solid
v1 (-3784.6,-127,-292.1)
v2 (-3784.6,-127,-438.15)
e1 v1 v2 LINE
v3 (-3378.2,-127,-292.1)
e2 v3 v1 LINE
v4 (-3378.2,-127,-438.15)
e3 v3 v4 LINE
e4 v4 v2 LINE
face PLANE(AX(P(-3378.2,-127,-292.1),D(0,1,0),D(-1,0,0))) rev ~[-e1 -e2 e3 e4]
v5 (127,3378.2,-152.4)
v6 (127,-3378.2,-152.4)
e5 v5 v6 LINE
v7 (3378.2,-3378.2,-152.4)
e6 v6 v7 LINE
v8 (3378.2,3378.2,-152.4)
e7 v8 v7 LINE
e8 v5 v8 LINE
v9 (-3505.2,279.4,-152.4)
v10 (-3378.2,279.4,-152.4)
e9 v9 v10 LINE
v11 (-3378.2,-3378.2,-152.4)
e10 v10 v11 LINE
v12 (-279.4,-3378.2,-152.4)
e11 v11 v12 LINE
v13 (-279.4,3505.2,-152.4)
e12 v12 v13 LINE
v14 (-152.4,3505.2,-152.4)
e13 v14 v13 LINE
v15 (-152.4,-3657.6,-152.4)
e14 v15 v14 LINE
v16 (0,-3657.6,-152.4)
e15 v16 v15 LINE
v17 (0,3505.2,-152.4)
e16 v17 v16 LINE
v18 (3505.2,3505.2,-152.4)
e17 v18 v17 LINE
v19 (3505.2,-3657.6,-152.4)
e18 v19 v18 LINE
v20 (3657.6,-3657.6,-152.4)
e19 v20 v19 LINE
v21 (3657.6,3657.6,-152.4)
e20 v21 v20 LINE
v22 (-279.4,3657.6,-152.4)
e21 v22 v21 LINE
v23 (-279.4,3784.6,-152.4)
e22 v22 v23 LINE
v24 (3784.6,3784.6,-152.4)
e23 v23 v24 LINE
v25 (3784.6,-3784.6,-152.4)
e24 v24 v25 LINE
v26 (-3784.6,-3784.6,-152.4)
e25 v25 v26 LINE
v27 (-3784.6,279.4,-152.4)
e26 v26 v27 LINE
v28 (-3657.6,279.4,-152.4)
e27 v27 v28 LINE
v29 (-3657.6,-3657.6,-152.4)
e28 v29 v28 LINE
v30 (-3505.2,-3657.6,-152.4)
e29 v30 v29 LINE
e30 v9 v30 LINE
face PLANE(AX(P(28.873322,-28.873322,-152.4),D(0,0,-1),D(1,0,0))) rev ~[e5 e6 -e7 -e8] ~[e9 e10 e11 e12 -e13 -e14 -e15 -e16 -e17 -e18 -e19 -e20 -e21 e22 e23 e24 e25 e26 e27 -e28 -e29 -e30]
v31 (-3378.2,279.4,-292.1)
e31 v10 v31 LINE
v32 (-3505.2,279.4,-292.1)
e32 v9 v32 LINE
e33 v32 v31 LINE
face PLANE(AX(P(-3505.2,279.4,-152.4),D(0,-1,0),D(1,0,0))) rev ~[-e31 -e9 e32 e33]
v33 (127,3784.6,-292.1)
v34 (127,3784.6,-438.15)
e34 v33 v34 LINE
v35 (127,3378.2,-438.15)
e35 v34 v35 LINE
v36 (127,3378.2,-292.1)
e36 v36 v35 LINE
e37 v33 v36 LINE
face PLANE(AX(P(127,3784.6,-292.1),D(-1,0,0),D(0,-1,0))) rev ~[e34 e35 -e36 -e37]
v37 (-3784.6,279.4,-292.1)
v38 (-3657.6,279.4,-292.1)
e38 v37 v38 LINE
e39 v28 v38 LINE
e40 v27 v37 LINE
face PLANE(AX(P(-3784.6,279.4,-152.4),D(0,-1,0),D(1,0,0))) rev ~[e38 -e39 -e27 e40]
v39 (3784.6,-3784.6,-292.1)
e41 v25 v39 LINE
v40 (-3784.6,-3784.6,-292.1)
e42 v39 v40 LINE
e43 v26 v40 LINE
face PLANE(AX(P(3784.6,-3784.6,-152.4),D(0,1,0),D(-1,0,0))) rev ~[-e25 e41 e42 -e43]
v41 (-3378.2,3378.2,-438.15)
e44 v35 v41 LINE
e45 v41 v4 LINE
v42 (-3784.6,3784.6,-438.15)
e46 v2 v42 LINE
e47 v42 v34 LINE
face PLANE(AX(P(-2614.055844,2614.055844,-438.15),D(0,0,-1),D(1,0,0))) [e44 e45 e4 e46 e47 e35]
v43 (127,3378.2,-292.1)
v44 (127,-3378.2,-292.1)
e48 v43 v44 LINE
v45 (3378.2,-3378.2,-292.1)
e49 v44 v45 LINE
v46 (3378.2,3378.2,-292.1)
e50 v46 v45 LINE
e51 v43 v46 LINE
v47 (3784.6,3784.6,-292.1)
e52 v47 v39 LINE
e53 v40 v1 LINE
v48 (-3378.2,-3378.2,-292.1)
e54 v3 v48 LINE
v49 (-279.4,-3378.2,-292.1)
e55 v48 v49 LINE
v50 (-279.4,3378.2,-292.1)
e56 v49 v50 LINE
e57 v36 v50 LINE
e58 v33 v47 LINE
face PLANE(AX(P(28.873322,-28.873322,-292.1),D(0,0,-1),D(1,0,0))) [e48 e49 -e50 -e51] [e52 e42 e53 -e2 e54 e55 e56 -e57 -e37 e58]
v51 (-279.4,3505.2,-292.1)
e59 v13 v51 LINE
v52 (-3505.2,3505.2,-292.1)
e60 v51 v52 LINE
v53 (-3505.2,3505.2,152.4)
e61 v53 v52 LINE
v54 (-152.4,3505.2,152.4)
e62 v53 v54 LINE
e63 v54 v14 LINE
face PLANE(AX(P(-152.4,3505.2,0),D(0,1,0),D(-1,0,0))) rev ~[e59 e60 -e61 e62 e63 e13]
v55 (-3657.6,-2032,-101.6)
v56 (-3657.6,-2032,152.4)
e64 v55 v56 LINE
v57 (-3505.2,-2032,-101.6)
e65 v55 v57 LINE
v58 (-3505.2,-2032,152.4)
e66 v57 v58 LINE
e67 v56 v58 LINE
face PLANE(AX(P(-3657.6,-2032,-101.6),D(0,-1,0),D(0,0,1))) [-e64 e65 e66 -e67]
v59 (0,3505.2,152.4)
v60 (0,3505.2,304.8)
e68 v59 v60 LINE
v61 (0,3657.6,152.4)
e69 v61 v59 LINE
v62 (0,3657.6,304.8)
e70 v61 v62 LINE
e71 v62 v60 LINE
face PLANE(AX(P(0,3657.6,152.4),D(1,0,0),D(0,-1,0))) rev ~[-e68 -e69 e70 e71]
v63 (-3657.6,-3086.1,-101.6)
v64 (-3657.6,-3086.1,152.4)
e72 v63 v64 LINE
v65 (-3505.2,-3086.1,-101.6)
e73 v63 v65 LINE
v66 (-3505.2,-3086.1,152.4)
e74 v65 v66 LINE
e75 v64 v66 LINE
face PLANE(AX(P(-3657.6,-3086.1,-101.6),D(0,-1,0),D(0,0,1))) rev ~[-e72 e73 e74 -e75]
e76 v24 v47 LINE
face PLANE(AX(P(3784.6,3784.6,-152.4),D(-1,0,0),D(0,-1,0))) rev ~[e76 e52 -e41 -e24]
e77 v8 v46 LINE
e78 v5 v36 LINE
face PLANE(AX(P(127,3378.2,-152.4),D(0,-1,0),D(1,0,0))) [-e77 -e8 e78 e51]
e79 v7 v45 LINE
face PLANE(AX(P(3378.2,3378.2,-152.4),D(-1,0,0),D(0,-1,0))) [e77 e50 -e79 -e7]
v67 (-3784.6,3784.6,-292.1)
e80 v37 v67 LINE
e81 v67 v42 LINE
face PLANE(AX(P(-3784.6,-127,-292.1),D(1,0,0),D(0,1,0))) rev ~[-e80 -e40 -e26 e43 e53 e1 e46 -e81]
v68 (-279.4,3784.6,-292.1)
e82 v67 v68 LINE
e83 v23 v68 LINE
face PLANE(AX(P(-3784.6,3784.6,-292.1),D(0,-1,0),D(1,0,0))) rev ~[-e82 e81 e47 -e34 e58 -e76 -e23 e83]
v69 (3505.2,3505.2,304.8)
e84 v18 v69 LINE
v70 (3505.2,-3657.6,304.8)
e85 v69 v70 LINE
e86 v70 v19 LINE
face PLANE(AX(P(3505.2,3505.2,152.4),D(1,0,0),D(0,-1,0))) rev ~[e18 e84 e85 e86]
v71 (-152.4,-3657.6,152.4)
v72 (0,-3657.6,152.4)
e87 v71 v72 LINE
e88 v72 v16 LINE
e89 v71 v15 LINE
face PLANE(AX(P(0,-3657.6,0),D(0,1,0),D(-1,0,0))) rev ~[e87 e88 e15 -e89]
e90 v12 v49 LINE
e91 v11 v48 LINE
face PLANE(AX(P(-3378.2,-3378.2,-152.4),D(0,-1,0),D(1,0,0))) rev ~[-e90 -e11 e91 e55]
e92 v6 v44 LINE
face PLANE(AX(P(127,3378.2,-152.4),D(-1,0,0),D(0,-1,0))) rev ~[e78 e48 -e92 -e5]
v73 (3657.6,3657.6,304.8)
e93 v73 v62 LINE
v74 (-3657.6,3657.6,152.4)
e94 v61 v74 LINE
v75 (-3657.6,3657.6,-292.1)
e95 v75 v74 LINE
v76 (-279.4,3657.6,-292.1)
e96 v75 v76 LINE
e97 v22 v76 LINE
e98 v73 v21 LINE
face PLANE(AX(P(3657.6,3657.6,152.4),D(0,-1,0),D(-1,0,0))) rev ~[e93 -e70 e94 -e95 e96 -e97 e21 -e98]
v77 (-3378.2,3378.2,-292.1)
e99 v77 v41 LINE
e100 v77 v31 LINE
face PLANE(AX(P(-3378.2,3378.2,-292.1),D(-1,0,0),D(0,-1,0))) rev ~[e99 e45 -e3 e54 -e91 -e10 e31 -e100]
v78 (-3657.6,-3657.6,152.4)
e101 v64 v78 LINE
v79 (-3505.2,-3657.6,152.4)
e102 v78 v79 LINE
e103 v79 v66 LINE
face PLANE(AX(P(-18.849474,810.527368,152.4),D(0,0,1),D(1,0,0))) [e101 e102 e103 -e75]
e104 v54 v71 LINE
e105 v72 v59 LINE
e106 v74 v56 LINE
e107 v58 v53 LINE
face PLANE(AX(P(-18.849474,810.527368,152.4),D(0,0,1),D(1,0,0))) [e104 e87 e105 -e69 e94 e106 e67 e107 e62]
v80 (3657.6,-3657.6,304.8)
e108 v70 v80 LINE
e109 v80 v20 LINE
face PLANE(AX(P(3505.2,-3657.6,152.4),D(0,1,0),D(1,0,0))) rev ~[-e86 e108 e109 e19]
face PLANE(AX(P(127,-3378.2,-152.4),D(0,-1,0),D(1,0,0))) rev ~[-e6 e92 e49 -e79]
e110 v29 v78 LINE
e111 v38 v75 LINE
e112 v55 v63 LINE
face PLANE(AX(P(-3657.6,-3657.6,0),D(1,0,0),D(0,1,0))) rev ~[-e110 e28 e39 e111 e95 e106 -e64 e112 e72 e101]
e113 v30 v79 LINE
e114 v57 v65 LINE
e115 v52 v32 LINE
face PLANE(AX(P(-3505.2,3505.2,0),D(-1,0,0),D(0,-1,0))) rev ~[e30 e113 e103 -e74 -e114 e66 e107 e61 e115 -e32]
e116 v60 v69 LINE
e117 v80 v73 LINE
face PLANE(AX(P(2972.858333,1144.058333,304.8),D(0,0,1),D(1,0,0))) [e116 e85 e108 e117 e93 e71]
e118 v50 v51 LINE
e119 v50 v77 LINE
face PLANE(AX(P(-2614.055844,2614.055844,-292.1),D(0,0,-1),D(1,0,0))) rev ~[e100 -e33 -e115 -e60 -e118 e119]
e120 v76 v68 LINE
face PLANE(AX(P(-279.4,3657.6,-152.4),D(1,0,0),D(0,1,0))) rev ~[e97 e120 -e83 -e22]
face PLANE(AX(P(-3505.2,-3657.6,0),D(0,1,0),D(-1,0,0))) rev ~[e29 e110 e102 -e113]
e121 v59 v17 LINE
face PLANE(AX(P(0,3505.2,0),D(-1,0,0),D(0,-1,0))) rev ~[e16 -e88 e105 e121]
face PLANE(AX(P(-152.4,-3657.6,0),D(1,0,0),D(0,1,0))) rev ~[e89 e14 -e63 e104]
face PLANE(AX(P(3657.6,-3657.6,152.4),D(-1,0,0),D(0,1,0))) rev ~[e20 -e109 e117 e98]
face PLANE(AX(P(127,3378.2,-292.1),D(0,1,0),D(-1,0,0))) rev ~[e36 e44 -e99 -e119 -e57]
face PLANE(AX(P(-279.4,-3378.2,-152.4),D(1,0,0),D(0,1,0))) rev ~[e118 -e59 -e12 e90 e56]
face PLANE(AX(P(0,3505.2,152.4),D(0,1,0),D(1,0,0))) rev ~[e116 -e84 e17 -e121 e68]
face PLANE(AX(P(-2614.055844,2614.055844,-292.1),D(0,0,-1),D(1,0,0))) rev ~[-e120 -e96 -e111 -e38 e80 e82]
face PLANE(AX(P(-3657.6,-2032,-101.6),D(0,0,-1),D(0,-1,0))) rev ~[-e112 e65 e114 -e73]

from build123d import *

# Parameters (mm, degrees)
F1_DEPTH  = 152.4
F2_DEPTH  = 152.4
F3_W      = 3251.2
F3_H      = 6756.4
F4_DEPTH  = 139.7
F7_DEPTH  = 146.05
F8_DEPTH  = 152.4
F12_W     = 1054.1
F12_H     = 254
F13_DEPTH = 284.48


with BuildPart() as f1:
    # F0 (on Top) → F1 (new body)
    with BuildSketch(Plane.XY):
        Polygon((3657.6, 3657.6), (-3657.6, 3657.6), (-3657.6, -3657.6), (-3505.2, -3657.6), (-3505.2, 3505.2), (-152.4, 3505.2), (-152.4, -3657.6), (0, -3657.6), (0, 3505.2), (3505.2, 3505.2), (3505.2, -3657.6), (3657.6, -3657.6), align=None)
    extrude(amount=F1_DEPTH)

    # F1_face (on face) → F2 (join)
    with BuildSketch(Plane(origin=(-18.949206, 852.714286, 0), x_dir=(1, 0, 0), z_dir=(0, 0, -1))):
        Polygon((-3638.650794, -2804.885714), (3676.549206, -2804.885714), (3676.549206, 4510.314286), (3524.149206, 4510.314286), (3524.149206, -2652.485714), (18.949206, -2652.485714), (18.949206, 4510.314286), (-133.450794, 4510.314286), (-133.450794, -2652.485714), (-3486.250794, -2652.485714), (-3486.250794, 4510.314286), (-3638.650794, 4510.314286), align=None)
    extrude(amount=F2_DEPTH)

    # F3 (on face) → F4 (join)
    with BuildSketch(Plane(origin=(0, 0, -152.4), x_dir=(1, 0, 0), z_dir=(0, 0, -1))):
        Polygon((3784.6, 3784.6), (-3784.6, 3784.6), (-3784.6, -279.4), (-3657.6, -279.4), (-3657.6, -3657.6), (-279.4, -3657.6), (-279.4, -3784.6), (3784.6, -3784.6), align=None)
        Polygon((-3378.2, -279.4), (-3378.2, 3378.2), (-279.4, 3378.2), (-279.4, -3505.2), (-3505.2, -3505.2), (-3505.2, -279.4), align=None, mode=Mode.SUBTRACT)
        with Locations((1752.6, 0)):
            Rectangle(F3_W, F3_H, mode=Mode.SUBTRACT)
    extrude(amount=F4_DEPTH)

    # F6 (on face) → F7 (join)
    with BuildSketch(Plane(origin=(0, 0, -292.1), x_dir=(1, 0, 0), z_dir=(0, 0, -1))):
        Polygon((-3378.2, 127), (-3784.6, 127), (-3784.6, -3784.6), (127, -3784.6), (127, -3378.2), (-3378.2, -3378.2), align=None)
    extrude(amount=F7_DEPTH)

    # F5 (on face) → F8 (join)
    with BuildSketch(Plane.XY.offset(152.4)):
        Polygon((3657.6, 3657.6), (0, 3657.6), (0, 3505.2), (3505.2, 3505.2), (3505.2, -3657.6), (3657.6, -3657.6), align=None)
    extrude(amount=F8_DEPTH)

    # F12 (on face) → F13 (cut)
    with BuildSketch(Plane(origin=(-3657.6, 0, 0), x_dir=(0, -1, 0), z_dir=(-1, 0, 0))):
        with Locations((2559.05, 25.4)):
            Rectangle(F12_W, F12_H)
    extrude(amount=-F13_DEPTH, mode=Mode.SUBTRACT)


solid = f1.part
